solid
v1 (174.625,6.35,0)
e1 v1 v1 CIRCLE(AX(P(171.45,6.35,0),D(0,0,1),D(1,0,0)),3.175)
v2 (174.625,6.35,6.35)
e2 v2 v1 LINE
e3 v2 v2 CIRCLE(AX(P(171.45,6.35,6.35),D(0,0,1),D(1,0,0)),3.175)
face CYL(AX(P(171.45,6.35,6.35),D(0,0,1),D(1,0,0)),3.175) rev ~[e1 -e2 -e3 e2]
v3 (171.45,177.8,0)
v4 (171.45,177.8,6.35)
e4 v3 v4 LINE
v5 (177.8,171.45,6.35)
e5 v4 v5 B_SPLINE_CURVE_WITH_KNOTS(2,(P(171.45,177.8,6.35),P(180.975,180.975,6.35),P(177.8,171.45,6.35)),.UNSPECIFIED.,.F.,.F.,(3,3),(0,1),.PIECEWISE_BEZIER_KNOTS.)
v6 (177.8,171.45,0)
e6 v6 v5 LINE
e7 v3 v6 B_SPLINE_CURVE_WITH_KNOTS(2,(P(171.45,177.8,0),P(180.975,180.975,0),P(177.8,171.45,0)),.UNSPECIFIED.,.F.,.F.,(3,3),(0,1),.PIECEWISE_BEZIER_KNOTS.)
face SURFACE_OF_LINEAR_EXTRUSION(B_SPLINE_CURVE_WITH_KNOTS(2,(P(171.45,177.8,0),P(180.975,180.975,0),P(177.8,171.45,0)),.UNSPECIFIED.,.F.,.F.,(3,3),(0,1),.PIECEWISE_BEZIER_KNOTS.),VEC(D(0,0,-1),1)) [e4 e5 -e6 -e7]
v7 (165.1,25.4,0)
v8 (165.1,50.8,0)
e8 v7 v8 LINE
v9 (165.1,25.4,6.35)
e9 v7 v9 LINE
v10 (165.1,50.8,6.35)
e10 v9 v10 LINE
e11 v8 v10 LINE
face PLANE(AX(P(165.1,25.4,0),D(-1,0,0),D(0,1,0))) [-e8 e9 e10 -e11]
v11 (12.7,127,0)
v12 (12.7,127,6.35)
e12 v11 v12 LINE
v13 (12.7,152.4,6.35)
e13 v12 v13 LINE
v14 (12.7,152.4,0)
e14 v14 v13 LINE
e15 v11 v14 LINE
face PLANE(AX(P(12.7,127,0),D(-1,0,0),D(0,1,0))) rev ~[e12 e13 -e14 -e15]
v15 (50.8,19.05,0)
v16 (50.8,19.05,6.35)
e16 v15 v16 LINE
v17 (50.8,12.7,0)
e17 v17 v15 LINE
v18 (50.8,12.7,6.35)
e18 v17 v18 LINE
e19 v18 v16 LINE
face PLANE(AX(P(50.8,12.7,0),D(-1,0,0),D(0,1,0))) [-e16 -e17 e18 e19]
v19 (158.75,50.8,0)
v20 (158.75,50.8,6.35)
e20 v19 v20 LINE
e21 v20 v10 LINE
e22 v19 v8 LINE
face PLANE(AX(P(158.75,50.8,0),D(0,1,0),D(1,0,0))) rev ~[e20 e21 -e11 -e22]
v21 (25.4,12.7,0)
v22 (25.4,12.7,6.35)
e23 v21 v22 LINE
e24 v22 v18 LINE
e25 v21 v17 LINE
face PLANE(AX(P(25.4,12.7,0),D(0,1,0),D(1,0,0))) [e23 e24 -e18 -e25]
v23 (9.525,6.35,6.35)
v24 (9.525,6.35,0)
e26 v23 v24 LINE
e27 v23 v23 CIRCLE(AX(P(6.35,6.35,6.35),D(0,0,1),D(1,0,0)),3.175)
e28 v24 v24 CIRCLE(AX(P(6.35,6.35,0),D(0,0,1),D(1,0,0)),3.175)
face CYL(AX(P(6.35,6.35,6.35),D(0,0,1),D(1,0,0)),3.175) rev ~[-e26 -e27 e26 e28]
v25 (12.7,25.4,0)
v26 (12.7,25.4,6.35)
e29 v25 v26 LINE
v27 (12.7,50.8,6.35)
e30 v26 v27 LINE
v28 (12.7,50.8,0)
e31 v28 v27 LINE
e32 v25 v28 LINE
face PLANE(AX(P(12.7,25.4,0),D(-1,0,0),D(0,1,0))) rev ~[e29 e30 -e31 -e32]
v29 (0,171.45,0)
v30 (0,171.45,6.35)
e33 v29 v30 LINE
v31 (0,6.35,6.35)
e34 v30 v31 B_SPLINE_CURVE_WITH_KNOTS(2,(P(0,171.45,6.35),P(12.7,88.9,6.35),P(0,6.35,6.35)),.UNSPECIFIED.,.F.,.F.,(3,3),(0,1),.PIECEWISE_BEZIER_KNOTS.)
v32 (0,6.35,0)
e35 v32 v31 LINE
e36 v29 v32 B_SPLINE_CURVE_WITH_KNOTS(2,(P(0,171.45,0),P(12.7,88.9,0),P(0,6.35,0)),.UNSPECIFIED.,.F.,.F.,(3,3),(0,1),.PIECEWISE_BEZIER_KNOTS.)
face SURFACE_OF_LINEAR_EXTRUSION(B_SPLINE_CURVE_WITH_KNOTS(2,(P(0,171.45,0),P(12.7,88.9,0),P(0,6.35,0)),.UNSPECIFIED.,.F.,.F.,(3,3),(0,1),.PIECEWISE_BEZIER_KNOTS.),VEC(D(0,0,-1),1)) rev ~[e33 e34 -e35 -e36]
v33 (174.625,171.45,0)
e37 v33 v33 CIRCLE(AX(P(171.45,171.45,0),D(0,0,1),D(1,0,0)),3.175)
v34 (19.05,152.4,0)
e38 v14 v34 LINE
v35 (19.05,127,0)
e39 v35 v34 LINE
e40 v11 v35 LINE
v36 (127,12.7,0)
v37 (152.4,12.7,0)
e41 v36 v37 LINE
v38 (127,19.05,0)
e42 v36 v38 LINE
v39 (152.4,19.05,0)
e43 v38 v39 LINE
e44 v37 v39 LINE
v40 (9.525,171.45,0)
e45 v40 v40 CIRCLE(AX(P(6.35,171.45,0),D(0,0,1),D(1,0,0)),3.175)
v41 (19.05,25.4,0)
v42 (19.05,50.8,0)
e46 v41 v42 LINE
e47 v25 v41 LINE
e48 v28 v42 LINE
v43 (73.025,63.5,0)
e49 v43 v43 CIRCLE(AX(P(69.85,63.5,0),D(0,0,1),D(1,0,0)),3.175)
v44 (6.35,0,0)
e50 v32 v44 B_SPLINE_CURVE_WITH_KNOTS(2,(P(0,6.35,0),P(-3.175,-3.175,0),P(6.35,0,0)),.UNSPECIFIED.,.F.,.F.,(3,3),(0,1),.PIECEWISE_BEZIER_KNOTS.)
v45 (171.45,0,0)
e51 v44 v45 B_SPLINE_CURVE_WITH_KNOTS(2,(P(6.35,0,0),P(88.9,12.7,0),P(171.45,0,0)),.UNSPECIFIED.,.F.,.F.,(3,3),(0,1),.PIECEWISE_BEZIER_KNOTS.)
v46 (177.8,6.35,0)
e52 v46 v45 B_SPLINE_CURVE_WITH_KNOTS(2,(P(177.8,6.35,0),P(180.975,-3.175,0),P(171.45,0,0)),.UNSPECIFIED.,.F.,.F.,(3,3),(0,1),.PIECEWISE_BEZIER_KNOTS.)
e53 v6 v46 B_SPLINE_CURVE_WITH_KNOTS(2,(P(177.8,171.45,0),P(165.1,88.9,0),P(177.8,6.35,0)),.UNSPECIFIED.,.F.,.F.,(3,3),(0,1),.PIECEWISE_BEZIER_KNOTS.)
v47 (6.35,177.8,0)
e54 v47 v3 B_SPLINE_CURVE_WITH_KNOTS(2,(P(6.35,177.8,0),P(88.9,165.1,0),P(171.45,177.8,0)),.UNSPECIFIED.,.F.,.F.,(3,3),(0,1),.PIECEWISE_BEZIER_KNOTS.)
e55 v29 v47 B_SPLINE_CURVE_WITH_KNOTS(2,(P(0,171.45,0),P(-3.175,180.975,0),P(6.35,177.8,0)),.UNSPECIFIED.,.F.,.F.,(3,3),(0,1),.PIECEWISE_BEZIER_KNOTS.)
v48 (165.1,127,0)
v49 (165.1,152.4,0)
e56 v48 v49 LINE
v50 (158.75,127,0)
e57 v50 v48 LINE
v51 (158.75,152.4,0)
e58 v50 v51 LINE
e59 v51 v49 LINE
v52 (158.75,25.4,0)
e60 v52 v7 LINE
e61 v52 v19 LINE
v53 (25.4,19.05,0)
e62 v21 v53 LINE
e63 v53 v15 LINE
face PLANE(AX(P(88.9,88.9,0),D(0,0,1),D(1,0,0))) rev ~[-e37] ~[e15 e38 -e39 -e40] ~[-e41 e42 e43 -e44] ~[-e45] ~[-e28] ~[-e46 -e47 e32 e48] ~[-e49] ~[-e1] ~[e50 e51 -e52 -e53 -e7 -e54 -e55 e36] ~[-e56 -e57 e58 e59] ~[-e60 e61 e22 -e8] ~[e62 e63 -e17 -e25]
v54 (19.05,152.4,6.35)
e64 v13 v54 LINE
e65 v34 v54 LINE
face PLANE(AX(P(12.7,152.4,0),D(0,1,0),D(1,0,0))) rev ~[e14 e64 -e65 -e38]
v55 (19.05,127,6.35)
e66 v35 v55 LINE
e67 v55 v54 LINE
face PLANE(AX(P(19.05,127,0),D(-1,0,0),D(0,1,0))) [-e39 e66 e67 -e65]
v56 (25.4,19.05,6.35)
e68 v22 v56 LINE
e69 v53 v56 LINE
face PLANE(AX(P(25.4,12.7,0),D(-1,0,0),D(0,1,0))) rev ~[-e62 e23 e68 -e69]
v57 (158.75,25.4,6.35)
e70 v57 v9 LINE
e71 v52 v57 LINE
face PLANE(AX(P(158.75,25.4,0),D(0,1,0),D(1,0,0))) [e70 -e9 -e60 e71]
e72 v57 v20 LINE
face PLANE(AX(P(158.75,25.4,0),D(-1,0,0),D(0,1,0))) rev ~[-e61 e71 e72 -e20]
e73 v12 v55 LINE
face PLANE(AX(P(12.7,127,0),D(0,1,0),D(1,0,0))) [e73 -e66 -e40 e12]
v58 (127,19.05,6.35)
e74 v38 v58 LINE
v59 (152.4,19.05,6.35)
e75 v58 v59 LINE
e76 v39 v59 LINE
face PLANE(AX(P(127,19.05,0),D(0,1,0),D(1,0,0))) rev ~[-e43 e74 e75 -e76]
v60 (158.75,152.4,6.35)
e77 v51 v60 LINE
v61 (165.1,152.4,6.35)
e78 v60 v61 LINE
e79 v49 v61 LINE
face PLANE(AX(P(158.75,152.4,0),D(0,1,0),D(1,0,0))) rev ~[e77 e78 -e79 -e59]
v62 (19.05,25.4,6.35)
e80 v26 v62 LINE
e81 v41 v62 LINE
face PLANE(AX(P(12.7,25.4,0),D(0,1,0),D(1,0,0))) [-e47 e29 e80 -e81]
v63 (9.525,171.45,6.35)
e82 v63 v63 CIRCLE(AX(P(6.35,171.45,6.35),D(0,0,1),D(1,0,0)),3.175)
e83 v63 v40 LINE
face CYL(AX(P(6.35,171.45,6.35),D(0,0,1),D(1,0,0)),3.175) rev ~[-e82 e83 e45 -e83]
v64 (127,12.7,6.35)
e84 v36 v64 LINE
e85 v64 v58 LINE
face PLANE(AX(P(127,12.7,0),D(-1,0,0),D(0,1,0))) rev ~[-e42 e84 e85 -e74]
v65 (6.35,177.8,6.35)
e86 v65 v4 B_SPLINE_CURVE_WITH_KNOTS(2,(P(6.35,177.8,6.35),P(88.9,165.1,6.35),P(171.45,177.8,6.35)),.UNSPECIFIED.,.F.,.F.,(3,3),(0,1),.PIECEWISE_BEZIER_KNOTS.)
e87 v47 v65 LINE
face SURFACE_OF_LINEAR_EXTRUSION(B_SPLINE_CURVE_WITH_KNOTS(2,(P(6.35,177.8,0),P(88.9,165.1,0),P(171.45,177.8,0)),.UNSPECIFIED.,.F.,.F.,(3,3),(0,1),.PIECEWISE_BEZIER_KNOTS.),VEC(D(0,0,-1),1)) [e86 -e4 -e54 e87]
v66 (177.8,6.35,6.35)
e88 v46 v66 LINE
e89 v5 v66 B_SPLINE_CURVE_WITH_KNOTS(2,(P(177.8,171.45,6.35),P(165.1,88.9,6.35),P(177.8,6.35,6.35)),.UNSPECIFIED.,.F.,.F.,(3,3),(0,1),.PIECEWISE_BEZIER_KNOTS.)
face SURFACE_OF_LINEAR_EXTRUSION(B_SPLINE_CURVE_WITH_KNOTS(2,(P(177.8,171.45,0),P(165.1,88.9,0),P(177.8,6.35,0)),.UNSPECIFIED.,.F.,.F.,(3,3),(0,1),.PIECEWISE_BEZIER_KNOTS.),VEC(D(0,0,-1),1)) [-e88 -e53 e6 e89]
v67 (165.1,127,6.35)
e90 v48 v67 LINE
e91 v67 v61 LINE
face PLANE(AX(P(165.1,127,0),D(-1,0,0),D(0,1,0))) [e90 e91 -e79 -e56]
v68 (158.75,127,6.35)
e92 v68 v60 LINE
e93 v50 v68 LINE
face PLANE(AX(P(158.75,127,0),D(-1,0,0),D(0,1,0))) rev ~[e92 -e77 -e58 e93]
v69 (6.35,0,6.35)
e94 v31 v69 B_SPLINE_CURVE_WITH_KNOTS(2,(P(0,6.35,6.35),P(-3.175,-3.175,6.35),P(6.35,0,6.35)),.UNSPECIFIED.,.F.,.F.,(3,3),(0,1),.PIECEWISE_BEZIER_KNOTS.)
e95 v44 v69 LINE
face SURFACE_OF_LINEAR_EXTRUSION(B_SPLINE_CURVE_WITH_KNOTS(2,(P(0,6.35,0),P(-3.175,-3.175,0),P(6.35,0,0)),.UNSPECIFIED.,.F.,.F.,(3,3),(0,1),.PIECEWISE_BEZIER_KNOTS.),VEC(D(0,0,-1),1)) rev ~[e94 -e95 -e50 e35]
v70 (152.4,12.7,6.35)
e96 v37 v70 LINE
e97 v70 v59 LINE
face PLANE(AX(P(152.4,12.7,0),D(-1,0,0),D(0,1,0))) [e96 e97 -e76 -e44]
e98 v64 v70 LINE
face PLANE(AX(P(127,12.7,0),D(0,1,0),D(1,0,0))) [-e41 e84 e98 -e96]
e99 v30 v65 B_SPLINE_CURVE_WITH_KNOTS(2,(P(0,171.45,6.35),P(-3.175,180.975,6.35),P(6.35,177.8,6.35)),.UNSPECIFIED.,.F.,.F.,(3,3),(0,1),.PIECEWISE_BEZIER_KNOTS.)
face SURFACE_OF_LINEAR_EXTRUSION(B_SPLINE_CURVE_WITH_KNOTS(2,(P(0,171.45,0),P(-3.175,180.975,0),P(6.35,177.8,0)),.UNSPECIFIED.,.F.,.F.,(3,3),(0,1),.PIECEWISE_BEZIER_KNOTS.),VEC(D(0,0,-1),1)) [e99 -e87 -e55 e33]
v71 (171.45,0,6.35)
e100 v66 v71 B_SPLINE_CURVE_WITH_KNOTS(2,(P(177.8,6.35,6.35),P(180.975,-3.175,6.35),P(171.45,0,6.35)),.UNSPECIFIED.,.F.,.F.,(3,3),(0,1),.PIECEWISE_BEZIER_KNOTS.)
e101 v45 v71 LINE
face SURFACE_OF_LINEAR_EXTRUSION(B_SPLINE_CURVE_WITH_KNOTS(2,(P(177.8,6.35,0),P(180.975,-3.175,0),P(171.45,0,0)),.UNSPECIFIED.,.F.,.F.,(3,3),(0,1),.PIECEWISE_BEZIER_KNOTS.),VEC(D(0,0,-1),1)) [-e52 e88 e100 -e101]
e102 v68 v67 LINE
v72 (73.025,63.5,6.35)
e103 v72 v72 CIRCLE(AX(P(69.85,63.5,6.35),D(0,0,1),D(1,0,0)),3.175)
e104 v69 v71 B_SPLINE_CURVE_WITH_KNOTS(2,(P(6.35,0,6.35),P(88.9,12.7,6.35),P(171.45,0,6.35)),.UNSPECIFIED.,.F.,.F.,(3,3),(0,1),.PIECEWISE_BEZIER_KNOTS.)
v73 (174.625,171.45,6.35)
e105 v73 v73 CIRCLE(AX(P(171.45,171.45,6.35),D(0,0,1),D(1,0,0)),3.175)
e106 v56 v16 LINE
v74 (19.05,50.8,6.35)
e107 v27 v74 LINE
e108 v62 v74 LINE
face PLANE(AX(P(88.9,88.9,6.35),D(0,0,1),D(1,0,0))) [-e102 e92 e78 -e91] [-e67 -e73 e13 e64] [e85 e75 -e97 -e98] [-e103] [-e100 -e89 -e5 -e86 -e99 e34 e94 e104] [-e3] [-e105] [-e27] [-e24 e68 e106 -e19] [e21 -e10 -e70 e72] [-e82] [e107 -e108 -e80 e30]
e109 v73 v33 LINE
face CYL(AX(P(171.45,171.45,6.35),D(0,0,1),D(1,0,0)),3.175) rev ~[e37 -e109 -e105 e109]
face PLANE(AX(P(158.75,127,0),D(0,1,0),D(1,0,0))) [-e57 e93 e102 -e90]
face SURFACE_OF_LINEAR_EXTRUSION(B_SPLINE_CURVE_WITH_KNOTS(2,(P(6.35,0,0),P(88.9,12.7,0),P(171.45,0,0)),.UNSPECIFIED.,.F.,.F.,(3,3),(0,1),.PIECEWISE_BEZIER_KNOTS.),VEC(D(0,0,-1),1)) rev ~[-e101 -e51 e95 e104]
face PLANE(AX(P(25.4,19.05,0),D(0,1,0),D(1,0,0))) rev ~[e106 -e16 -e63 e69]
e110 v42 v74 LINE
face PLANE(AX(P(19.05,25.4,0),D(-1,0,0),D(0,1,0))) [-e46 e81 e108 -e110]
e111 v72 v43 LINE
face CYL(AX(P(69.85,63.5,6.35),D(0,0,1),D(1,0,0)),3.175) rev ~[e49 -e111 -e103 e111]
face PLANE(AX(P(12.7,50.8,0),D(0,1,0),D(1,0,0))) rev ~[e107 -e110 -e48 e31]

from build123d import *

# Parameters (mm, degrees)
SKETCH1_W           = 6.35
SKETCH1_H           = 25.4
SKETCH1_W_2         = 25.4
SKETCH1_H_2         = 6.35
BOSS_EXTRUDE1_DEPTH = 6.35
SKETCH2_R           = 3.175
CUT_EXTRUDE2_DEPTH  = 6.35
SKETCH3_R           = 3.175
CUT_EXTRUDE3_DEPTH  = 6.35


with BuildPart() as part:
    # Sketch1 → Boss-Extrude1 (new body)
    with BuildSketch(Plane.XY):
        with BuildLine():
            add(Edge.make_bspline(
                [(0, 171.45), (12.7, 88.9), (0, 6.35)],
                knots=[0, 0, 0, 1, 1, 1], degree=2))
            add(Edge.make_bspline(
                [(0, 6.35), (-3.175, -3.175), (6.35, 0)],
                knots=[0, 0, 0, 1, 1, 1], degree=2))
            add(Edge.make_bspline(
                [(6.35, 0), (88.9, 12.7), (171.45, 0)],
                knots=[0, 0, 0, 1, 1, 1], degree=2))
            add(Edge.make_bspline(
                [(177.8, 6.35), (180.975, -3.175), (171.45, 0)],
                knots=[0, 0, 0, 1, 1, 1], degree=2))
            add(Edge.make_bspline(
                [(177.8, 171.45), (165.1, 88.9), (177.8, 6.35)],
                knots=[0, 0, 0, 1, 1, 1], degree=2))
            add(Edge.make_bspline(
                [(171.45, 177.8), (180.975, 180.975), (177.8, 171.45)],
                knots=[0, 0, 0, 1, 1, 1], degree=2))
            add(Edge.make_bspline(
                [(6.35, 177.8), (88.9, 165.1), (171.45, 177.8)],
                knots=[0, 0, 0, 1, 1, 1], degree=2))
            add(Edge.make_bspline(
                [(0, 171.45), (-3.175, 180.975), (6.35, 177.8)],
                knots=[0, 0, 0, 1, 1, 1], degree=2))
        make_face()
        with Locations((15.875, 38.1)):
            Rectangle(SKETCH1_W, SKETCH1_H, mode=Mode.SUBTRACT)
        with Locations((38.1, 15.875)):
            Rectangle(SKETCH1_W_2, SKETCH1_H_2, mode=Mode.SUBTRACT)
        with Locations((15.875, 139.7)):
            Rectangle(SKETCH1_W, SKETCH1_H, mode=Mode.SUBTRACT)
        with Locations((161.925, 139.7)):
            Rectangle(SKETCH1_W, SKETCH1_H, mode=Mode.SUBTRACT)
        with Locations((139.7, 15.875)):
            Rectangle(SKETCH1_W_2, SKETCH1_H_2, mode=Mode.SUBTRACT)
        with Locations((161.925, 38.1)):
            Rectangle(SKETCH1_W, SKETCH1_H, mode=Mode.SUBTRACT)
    extrude(amount=BOSS_EXTRUDE1_DEPTH)

    # Sketch2 → Cut-Extrude2 (cut)
    with BuildSketch(Plane.XY.offset(6.35)):
        with Locations((69.85, 63.5)):
            Circle(SKETCH2_R)
    extrude(amount=-CUT_EXTRUDE2_DEPTH, mode=Mode.SUBTRACT)

    # Sketch3 → Cut-Extrude3 (cut)
    with BuildSketch(Plane.XY.offset(6.35)):
        with Locations((6.35, 6.35)):
            Circle(SKETCH3_R)
        with Locations((171.45, 6.35)):
            Circle(SKETCH3_R)
        with Locations((6.35, 171.45)):
            Circle(SKETCH3_R)
        with Locations((171.45, 171.45)):
            Circle(SKETCH3_R)
    extrude(amount=-CUT_EXTRUDE3_DEPTH, mode=Mode.SUBTRACT)


solid = part.part
